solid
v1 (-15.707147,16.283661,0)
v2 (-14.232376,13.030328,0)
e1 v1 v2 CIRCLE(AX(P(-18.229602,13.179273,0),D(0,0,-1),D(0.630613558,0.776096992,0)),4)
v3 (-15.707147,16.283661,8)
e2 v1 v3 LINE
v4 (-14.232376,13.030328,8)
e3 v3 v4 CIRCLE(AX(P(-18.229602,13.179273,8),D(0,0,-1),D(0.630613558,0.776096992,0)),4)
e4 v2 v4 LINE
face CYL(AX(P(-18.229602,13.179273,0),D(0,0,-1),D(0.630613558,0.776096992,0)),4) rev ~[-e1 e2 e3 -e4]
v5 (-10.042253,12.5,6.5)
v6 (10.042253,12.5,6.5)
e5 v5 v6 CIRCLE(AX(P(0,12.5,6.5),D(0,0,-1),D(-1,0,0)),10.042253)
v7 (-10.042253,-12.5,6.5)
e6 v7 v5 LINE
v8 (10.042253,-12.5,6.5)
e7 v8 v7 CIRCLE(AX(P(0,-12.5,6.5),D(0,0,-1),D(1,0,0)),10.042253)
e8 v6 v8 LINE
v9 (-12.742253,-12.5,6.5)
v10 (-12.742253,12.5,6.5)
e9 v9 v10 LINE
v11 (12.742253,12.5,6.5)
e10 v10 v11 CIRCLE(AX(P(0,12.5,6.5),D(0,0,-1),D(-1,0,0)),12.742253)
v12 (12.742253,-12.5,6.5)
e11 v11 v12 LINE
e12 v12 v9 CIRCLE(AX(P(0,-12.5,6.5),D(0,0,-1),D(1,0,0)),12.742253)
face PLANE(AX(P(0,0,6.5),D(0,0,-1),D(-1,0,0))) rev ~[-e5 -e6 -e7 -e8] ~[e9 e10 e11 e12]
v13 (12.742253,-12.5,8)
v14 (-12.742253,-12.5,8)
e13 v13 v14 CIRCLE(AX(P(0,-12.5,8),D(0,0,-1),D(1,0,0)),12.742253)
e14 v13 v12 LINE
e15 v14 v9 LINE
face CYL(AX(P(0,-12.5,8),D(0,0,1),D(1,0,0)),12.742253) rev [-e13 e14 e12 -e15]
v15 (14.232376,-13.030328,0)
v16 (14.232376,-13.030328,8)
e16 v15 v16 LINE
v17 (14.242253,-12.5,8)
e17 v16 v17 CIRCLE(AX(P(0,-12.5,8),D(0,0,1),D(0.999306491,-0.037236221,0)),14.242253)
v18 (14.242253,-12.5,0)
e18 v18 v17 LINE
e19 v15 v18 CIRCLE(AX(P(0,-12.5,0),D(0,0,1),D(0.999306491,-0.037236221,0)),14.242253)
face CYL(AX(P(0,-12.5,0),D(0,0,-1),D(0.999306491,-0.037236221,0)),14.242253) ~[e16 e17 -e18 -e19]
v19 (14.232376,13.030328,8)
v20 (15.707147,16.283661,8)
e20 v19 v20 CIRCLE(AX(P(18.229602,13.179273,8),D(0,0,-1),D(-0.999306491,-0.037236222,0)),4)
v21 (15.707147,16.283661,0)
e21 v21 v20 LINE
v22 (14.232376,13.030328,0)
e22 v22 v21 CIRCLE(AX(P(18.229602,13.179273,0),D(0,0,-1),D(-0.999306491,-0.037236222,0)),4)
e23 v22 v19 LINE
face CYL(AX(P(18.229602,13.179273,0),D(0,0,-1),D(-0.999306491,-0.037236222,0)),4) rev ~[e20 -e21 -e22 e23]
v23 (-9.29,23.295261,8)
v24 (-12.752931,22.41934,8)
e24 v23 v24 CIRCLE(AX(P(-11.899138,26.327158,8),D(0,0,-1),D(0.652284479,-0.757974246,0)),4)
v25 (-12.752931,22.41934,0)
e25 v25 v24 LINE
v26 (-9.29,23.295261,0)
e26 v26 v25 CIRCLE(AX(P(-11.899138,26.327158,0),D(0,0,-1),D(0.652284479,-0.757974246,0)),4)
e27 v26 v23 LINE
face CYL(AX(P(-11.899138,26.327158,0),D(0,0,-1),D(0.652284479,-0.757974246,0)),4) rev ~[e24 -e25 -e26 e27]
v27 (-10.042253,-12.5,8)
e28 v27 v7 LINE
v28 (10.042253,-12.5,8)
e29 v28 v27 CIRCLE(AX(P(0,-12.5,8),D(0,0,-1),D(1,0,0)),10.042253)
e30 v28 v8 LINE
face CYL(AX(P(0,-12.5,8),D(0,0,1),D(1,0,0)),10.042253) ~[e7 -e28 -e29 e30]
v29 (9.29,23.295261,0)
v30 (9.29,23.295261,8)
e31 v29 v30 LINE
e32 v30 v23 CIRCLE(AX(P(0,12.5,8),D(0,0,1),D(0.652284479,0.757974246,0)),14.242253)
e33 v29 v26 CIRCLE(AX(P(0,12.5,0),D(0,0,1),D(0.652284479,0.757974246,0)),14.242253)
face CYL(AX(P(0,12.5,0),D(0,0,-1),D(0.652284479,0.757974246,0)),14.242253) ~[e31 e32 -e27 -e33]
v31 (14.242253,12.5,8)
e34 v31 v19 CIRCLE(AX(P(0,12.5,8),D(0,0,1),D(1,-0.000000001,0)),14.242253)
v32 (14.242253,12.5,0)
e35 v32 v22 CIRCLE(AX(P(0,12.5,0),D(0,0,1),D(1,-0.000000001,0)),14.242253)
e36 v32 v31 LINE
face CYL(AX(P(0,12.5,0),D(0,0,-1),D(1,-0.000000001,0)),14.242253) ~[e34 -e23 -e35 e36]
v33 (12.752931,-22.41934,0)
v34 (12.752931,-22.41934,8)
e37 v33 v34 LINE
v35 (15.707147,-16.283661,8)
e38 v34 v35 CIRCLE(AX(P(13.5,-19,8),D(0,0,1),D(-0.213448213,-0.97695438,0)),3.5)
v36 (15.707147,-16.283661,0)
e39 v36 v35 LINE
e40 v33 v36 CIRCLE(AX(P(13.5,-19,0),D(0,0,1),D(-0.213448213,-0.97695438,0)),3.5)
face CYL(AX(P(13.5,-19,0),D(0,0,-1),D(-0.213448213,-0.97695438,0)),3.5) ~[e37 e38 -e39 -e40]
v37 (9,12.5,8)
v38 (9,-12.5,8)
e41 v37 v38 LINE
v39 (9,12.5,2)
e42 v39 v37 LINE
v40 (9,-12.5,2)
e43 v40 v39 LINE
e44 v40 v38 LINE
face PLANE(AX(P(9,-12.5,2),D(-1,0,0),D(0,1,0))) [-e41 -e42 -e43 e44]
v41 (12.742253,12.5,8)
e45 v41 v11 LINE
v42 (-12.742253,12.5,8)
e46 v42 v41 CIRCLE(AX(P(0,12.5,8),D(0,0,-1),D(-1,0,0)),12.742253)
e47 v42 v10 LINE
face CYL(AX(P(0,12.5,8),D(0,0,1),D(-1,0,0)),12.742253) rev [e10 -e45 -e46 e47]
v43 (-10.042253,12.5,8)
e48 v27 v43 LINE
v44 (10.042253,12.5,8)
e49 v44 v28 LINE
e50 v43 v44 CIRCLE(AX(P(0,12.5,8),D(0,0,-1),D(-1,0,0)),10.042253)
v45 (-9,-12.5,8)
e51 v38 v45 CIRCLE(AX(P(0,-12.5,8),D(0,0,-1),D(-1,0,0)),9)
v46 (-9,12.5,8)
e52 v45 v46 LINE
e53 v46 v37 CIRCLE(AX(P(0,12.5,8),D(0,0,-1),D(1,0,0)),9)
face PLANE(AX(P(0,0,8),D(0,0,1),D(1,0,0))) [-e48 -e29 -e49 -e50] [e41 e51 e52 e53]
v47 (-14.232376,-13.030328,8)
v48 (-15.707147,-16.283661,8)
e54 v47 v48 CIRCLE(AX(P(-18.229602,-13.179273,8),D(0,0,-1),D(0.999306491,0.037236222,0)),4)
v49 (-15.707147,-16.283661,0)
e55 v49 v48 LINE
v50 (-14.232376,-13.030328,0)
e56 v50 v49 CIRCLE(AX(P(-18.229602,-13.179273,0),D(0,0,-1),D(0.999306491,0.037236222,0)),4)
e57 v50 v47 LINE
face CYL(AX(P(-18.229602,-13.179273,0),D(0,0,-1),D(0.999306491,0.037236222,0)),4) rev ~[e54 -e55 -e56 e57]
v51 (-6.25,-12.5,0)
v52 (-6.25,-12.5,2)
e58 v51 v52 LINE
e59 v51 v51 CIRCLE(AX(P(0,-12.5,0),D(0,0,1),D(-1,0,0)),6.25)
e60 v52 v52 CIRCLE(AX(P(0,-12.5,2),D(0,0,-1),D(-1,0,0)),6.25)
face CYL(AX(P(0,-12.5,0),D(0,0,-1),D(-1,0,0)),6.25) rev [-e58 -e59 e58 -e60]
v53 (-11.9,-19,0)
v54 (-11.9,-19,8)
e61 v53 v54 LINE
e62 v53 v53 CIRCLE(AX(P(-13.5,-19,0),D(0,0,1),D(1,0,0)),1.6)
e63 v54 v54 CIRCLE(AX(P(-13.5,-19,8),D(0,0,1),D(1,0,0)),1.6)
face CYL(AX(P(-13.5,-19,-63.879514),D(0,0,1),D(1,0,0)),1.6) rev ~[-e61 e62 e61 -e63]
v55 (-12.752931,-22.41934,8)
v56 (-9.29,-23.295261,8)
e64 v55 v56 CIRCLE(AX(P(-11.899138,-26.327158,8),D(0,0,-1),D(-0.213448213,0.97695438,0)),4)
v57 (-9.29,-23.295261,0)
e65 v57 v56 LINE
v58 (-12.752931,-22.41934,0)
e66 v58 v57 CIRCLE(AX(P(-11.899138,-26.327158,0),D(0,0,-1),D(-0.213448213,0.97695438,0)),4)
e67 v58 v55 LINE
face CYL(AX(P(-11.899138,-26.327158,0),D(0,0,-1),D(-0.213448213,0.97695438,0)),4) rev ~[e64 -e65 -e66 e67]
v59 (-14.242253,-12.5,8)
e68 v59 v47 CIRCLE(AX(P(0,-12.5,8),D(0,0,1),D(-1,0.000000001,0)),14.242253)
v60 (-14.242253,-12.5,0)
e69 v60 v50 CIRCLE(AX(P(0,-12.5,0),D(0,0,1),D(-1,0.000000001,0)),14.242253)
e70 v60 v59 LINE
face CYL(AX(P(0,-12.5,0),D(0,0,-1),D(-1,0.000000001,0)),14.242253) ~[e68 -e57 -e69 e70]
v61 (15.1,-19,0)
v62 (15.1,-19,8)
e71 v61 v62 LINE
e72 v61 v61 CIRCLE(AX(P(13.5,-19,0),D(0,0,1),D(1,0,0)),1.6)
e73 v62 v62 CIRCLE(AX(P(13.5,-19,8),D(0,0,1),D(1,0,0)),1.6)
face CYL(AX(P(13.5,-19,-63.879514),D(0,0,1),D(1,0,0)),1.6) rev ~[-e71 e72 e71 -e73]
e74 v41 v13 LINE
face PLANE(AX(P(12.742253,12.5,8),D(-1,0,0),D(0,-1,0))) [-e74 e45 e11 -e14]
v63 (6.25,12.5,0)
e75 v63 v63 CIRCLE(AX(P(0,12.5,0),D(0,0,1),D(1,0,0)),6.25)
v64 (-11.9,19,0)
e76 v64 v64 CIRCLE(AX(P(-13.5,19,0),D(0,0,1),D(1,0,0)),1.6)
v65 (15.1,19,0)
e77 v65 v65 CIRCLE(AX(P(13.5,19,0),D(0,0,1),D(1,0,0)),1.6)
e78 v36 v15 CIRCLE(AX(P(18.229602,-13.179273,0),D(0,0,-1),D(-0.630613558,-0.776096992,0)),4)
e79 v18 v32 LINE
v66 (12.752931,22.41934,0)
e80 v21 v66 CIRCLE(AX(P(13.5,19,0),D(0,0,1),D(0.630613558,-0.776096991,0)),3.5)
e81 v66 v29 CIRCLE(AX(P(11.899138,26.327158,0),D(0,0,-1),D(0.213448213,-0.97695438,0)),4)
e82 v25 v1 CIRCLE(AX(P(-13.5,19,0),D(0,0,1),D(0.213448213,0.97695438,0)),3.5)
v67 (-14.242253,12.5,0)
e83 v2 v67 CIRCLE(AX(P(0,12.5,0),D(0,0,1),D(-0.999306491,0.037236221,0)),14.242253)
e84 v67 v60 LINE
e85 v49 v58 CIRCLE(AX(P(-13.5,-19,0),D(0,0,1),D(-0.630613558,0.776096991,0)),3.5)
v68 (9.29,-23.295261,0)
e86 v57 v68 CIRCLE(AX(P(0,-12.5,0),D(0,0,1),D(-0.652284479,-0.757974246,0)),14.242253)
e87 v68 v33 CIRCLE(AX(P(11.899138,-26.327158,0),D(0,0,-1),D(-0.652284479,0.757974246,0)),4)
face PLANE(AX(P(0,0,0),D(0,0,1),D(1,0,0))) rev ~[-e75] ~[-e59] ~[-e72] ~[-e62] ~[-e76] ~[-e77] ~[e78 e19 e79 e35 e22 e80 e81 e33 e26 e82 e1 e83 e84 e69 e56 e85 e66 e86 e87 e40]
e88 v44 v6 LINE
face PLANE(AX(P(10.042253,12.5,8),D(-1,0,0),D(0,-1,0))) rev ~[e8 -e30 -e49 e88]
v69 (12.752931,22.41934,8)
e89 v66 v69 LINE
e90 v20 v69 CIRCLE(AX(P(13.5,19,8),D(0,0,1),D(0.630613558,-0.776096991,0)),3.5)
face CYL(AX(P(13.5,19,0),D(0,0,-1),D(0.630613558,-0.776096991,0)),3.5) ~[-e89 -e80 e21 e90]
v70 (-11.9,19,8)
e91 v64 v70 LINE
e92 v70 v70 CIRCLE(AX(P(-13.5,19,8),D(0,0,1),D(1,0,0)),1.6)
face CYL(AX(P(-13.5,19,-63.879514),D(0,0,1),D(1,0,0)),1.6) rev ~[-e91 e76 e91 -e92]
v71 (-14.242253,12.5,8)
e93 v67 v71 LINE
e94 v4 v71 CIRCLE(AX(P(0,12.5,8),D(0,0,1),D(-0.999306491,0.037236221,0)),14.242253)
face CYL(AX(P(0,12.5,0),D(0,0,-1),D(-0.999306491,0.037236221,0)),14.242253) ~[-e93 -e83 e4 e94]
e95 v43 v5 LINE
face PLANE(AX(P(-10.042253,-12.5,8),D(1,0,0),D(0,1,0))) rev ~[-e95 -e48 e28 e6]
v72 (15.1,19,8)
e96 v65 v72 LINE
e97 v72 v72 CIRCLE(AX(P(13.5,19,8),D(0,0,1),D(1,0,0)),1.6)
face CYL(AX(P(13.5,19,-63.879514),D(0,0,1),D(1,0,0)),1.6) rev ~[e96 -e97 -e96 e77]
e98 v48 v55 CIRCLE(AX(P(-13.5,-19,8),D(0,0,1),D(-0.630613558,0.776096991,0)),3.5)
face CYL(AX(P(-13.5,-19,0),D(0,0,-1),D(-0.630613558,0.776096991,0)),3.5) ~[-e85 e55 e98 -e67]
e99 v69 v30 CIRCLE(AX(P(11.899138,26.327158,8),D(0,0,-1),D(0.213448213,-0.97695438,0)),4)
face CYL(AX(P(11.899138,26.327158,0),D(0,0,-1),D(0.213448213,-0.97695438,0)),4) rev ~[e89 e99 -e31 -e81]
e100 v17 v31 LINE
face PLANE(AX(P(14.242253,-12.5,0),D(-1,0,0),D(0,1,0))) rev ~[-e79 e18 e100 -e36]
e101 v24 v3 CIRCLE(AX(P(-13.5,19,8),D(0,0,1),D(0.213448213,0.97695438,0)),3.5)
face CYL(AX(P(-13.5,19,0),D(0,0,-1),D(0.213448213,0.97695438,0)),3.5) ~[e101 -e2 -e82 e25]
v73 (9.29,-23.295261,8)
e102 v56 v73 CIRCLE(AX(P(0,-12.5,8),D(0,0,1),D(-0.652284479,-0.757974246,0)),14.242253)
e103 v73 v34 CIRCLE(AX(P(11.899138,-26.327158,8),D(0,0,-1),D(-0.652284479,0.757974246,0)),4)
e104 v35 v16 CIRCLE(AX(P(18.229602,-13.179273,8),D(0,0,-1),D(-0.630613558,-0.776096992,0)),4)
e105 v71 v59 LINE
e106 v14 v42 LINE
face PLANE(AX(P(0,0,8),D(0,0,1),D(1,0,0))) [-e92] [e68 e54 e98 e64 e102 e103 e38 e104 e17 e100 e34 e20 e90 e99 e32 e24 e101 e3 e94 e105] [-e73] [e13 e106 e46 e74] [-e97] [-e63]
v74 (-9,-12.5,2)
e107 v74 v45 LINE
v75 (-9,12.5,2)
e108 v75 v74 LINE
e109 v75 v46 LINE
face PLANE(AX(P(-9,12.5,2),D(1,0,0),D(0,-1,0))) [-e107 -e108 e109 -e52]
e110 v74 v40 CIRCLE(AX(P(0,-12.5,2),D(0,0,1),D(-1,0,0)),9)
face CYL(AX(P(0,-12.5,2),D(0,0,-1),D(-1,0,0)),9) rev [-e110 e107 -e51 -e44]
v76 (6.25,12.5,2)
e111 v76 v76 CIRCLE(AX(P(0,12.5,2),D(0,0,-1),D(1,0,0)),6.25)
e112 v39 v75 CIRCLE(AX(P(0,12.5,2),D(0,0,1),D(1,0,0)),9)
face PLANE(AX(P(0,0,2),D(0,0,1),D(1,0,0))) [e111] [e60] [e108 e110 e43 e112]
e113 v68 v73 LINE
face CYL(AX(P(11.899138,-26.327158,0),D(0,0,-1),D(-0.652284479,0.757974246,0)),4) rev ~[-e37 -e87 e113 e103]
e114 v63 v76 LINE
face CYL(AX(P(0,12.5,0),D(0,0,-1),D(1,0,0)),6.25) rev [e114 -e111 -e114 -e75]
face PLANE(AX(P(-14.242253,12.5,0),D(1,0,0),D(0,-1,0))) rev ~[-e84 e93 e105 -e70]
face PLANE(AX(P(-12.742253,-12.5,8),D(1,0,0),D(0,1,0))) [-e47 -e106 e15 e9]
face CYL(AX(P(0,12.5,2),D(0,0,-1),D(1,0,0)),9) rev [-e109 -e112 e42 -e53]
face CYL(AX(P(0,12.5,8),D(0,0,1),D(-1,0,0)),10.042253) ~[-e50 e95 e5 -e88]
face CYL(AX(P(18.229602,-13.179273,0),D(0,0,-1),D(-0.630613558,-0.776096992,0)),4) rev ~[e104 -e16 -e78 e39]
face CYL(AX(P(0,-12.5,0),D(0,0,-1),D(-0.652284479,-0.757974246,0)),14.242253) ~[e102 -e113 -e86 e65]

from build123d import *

# Parameters (mm, degrees)
SKETCH_1_R          = 6.25
EXTRUDE_1_DEPTH     = 8
CUT_EXTRUDE_START   = 2
CUT_EXTRUDE_1_DEPTH = 31.682534896
CUT_EXTRUDE_START_2 = 8
CUT_EXTRUDE_4_DEPTH = 1.5
HOLE_WIZARD_M3_2_D  = 3.2


with BuildPart() as part:
    # ｽｹｯﾁ1 → ﾎﾞｽ - 押し出し1 (new body)
    with BuildSketch(Plane.XY):
        with BuildLine():
            Line((-14.242252845, 12.5), (-14.242252845, -12.5))
            ThreePointArc((-14.242252845, -12.5), (-14.23978335, -12.765209825), (-14.232375721, -13.030327679))
            ThreePointArc((-14.232375721, -13.030327679), (-14.58644356, -14.830756402), (-15.707147454, -16.28366053))
            ThreePointArc((-15.707147454, -16.28366053), (-16.653505844, -20.518354666), (-12.752931254, -22.419340329))
            ThreePointArc((-12.752931254, -22.419340329), (-10.918262125, -22.449287076), (-9.290000484, -23.295260864))
            ThreePointArc((-9.290000484, -23.295260864), (0, -26.742252845), (9.290000484, -23.295260864))
            ThreePointArc((9.290000484, -23.295260864), (10.918262125, -22.449287076), (12.752931254, -22.419340329))
            ThreePointArc((12.752931254, -22.419340329), (16.653505844, -20.518354666), (15.707147454, -16.28366053))
            ThreePointArc((15.707147454, -16.28366053), (14.58644356, -14.830756402), (14.232375721, -13.030327679))
            ThreePointArc((14.232375721, -13.030327679), (14.23978335, -12.765209825), (14.242252845, -12.5))
            Line((14.242252845, -12.5), (14.242252845, 12.5))
            ThreePointArc((14.242252845, 12.5), (14.23978335, 12.765209825), (14.232375721, 13.030327679))
            ThreePointArc((14.232375721, 13.030327679), (14.58644356, 14.830756402), (15.707147454, 16.28366053))
            ThreePointArc((15.707147454, 16.28366053), (16.653505844, 20.518354666), (12.752931254, 22.419340329))
            ThreePointArc((12.752931254, 22.419340329), (10.918262125, 22.449287076), (9.290000484, 23.295260864))
            ThreePointArc((9.290000484, 23.295260864), (0, 26.742252845), (-9.290000484, 23.295260864))
            ThreePointArc((-9.290000484, 23.295260864), (-10.918262125, 22.449287076), (-12.752931254, 22.419340329))
            ThreePointArc((-12.752931254, 22.419340329), (-16.653505844, 20.518354666), (-15.707147454, 16.28366053))
            ThreePointArc((-15.707147454, 16.28366053), (-14.58644356, 14.830756402), (-14.232375721, 13.030327679))
            ThreePointArc((-14.232375721, 13.030327679), (-14.23978335, 12.765209825), (-14.242252845, 12.5))
        make_face()
        with Locations((0, 12.5)):
            Circle(SKETCH_1_R, mode=Mode.SUBTRACT)
        with Locations(Location((0, -12.5, 0), (0, 0, 180))):
            Circle(SKETCH_1_R, mode=Mode.SUBTRACT)
    extrude(amount=EXTRUDE_1_DEPTH)

    # ｽｹｯﾁ1<3> → ｶｯﾄ - 押し出し1 (cut, through all)
    with BuildSketch(Plane.XY.offset(CUT_EXTRUDE_START)):
        with BuildLine():
            Line((-9, 12.5), (-9, -12.5))
            ThreePointArc((-9, -12.5), (0, -21.5), (9, -12.5))
            Line((9, -12.5), (9, 12.5))
            ThreePointArc((9, 12.5), (0, 21.5), (-9, 12.5))
        make_face()
    extrude(amount=CUT_EXTRUDE_1_DEPTH, mode=Mode.SUBTRACT)

    # ｽｹｯﾁ1<6> → ｶｯﾄ - 押し出し4 (cut)
    with BuildSketch(Plane.XY.offset(CUT_EXTRUDE_START_2)):
        with BuildLine():
            ThreePointArc((12.742252845, -12.5), (0, -25.242252845), (-12.742252845, -12.5))
            Line((-12.742252845, -12.5), (-12.742252845, 12.5))
            ThreePointArc((-12.742252845, 12.5), (0, 25.242252845), (12.742252845, 12.5))
            Line((12.742252845, 12.5), (12.742252845, -12.5))
        make_face()
        with BuildLine():
            Line((10.042252845, 12.5), (10.042252845, -12.5))
            ThreePointArc((10.042252845, -12.5), (0, -22.542252845), (-10.042252845, -12.5))
            Line((-10.042252845, -12.5), (-10.042252845, 12.5))
            ThreePointArc((-10.042252845, 12.5), (0, 22.542252845), (10.042252845, 12.5))
        make_face(mode=Mode.SUBTRACT)
    extrude(amount=-CUT_EXTRUDE_4_DEPTH, mode=Mode.SUBTRACT)

    # M3 すきま穴2 (through all)
    with Locations(Plane(origin=(-13.5, 19, 0), x_dir=(-1, 0, 0), z_dir=(0, 0, -1))):
        with Locations((0, 0), (0, -38), (-27, -38), (-27, 0)):
            Hole(HOLE_WIZARD_M3_2_D / 2)


solid = part.part
